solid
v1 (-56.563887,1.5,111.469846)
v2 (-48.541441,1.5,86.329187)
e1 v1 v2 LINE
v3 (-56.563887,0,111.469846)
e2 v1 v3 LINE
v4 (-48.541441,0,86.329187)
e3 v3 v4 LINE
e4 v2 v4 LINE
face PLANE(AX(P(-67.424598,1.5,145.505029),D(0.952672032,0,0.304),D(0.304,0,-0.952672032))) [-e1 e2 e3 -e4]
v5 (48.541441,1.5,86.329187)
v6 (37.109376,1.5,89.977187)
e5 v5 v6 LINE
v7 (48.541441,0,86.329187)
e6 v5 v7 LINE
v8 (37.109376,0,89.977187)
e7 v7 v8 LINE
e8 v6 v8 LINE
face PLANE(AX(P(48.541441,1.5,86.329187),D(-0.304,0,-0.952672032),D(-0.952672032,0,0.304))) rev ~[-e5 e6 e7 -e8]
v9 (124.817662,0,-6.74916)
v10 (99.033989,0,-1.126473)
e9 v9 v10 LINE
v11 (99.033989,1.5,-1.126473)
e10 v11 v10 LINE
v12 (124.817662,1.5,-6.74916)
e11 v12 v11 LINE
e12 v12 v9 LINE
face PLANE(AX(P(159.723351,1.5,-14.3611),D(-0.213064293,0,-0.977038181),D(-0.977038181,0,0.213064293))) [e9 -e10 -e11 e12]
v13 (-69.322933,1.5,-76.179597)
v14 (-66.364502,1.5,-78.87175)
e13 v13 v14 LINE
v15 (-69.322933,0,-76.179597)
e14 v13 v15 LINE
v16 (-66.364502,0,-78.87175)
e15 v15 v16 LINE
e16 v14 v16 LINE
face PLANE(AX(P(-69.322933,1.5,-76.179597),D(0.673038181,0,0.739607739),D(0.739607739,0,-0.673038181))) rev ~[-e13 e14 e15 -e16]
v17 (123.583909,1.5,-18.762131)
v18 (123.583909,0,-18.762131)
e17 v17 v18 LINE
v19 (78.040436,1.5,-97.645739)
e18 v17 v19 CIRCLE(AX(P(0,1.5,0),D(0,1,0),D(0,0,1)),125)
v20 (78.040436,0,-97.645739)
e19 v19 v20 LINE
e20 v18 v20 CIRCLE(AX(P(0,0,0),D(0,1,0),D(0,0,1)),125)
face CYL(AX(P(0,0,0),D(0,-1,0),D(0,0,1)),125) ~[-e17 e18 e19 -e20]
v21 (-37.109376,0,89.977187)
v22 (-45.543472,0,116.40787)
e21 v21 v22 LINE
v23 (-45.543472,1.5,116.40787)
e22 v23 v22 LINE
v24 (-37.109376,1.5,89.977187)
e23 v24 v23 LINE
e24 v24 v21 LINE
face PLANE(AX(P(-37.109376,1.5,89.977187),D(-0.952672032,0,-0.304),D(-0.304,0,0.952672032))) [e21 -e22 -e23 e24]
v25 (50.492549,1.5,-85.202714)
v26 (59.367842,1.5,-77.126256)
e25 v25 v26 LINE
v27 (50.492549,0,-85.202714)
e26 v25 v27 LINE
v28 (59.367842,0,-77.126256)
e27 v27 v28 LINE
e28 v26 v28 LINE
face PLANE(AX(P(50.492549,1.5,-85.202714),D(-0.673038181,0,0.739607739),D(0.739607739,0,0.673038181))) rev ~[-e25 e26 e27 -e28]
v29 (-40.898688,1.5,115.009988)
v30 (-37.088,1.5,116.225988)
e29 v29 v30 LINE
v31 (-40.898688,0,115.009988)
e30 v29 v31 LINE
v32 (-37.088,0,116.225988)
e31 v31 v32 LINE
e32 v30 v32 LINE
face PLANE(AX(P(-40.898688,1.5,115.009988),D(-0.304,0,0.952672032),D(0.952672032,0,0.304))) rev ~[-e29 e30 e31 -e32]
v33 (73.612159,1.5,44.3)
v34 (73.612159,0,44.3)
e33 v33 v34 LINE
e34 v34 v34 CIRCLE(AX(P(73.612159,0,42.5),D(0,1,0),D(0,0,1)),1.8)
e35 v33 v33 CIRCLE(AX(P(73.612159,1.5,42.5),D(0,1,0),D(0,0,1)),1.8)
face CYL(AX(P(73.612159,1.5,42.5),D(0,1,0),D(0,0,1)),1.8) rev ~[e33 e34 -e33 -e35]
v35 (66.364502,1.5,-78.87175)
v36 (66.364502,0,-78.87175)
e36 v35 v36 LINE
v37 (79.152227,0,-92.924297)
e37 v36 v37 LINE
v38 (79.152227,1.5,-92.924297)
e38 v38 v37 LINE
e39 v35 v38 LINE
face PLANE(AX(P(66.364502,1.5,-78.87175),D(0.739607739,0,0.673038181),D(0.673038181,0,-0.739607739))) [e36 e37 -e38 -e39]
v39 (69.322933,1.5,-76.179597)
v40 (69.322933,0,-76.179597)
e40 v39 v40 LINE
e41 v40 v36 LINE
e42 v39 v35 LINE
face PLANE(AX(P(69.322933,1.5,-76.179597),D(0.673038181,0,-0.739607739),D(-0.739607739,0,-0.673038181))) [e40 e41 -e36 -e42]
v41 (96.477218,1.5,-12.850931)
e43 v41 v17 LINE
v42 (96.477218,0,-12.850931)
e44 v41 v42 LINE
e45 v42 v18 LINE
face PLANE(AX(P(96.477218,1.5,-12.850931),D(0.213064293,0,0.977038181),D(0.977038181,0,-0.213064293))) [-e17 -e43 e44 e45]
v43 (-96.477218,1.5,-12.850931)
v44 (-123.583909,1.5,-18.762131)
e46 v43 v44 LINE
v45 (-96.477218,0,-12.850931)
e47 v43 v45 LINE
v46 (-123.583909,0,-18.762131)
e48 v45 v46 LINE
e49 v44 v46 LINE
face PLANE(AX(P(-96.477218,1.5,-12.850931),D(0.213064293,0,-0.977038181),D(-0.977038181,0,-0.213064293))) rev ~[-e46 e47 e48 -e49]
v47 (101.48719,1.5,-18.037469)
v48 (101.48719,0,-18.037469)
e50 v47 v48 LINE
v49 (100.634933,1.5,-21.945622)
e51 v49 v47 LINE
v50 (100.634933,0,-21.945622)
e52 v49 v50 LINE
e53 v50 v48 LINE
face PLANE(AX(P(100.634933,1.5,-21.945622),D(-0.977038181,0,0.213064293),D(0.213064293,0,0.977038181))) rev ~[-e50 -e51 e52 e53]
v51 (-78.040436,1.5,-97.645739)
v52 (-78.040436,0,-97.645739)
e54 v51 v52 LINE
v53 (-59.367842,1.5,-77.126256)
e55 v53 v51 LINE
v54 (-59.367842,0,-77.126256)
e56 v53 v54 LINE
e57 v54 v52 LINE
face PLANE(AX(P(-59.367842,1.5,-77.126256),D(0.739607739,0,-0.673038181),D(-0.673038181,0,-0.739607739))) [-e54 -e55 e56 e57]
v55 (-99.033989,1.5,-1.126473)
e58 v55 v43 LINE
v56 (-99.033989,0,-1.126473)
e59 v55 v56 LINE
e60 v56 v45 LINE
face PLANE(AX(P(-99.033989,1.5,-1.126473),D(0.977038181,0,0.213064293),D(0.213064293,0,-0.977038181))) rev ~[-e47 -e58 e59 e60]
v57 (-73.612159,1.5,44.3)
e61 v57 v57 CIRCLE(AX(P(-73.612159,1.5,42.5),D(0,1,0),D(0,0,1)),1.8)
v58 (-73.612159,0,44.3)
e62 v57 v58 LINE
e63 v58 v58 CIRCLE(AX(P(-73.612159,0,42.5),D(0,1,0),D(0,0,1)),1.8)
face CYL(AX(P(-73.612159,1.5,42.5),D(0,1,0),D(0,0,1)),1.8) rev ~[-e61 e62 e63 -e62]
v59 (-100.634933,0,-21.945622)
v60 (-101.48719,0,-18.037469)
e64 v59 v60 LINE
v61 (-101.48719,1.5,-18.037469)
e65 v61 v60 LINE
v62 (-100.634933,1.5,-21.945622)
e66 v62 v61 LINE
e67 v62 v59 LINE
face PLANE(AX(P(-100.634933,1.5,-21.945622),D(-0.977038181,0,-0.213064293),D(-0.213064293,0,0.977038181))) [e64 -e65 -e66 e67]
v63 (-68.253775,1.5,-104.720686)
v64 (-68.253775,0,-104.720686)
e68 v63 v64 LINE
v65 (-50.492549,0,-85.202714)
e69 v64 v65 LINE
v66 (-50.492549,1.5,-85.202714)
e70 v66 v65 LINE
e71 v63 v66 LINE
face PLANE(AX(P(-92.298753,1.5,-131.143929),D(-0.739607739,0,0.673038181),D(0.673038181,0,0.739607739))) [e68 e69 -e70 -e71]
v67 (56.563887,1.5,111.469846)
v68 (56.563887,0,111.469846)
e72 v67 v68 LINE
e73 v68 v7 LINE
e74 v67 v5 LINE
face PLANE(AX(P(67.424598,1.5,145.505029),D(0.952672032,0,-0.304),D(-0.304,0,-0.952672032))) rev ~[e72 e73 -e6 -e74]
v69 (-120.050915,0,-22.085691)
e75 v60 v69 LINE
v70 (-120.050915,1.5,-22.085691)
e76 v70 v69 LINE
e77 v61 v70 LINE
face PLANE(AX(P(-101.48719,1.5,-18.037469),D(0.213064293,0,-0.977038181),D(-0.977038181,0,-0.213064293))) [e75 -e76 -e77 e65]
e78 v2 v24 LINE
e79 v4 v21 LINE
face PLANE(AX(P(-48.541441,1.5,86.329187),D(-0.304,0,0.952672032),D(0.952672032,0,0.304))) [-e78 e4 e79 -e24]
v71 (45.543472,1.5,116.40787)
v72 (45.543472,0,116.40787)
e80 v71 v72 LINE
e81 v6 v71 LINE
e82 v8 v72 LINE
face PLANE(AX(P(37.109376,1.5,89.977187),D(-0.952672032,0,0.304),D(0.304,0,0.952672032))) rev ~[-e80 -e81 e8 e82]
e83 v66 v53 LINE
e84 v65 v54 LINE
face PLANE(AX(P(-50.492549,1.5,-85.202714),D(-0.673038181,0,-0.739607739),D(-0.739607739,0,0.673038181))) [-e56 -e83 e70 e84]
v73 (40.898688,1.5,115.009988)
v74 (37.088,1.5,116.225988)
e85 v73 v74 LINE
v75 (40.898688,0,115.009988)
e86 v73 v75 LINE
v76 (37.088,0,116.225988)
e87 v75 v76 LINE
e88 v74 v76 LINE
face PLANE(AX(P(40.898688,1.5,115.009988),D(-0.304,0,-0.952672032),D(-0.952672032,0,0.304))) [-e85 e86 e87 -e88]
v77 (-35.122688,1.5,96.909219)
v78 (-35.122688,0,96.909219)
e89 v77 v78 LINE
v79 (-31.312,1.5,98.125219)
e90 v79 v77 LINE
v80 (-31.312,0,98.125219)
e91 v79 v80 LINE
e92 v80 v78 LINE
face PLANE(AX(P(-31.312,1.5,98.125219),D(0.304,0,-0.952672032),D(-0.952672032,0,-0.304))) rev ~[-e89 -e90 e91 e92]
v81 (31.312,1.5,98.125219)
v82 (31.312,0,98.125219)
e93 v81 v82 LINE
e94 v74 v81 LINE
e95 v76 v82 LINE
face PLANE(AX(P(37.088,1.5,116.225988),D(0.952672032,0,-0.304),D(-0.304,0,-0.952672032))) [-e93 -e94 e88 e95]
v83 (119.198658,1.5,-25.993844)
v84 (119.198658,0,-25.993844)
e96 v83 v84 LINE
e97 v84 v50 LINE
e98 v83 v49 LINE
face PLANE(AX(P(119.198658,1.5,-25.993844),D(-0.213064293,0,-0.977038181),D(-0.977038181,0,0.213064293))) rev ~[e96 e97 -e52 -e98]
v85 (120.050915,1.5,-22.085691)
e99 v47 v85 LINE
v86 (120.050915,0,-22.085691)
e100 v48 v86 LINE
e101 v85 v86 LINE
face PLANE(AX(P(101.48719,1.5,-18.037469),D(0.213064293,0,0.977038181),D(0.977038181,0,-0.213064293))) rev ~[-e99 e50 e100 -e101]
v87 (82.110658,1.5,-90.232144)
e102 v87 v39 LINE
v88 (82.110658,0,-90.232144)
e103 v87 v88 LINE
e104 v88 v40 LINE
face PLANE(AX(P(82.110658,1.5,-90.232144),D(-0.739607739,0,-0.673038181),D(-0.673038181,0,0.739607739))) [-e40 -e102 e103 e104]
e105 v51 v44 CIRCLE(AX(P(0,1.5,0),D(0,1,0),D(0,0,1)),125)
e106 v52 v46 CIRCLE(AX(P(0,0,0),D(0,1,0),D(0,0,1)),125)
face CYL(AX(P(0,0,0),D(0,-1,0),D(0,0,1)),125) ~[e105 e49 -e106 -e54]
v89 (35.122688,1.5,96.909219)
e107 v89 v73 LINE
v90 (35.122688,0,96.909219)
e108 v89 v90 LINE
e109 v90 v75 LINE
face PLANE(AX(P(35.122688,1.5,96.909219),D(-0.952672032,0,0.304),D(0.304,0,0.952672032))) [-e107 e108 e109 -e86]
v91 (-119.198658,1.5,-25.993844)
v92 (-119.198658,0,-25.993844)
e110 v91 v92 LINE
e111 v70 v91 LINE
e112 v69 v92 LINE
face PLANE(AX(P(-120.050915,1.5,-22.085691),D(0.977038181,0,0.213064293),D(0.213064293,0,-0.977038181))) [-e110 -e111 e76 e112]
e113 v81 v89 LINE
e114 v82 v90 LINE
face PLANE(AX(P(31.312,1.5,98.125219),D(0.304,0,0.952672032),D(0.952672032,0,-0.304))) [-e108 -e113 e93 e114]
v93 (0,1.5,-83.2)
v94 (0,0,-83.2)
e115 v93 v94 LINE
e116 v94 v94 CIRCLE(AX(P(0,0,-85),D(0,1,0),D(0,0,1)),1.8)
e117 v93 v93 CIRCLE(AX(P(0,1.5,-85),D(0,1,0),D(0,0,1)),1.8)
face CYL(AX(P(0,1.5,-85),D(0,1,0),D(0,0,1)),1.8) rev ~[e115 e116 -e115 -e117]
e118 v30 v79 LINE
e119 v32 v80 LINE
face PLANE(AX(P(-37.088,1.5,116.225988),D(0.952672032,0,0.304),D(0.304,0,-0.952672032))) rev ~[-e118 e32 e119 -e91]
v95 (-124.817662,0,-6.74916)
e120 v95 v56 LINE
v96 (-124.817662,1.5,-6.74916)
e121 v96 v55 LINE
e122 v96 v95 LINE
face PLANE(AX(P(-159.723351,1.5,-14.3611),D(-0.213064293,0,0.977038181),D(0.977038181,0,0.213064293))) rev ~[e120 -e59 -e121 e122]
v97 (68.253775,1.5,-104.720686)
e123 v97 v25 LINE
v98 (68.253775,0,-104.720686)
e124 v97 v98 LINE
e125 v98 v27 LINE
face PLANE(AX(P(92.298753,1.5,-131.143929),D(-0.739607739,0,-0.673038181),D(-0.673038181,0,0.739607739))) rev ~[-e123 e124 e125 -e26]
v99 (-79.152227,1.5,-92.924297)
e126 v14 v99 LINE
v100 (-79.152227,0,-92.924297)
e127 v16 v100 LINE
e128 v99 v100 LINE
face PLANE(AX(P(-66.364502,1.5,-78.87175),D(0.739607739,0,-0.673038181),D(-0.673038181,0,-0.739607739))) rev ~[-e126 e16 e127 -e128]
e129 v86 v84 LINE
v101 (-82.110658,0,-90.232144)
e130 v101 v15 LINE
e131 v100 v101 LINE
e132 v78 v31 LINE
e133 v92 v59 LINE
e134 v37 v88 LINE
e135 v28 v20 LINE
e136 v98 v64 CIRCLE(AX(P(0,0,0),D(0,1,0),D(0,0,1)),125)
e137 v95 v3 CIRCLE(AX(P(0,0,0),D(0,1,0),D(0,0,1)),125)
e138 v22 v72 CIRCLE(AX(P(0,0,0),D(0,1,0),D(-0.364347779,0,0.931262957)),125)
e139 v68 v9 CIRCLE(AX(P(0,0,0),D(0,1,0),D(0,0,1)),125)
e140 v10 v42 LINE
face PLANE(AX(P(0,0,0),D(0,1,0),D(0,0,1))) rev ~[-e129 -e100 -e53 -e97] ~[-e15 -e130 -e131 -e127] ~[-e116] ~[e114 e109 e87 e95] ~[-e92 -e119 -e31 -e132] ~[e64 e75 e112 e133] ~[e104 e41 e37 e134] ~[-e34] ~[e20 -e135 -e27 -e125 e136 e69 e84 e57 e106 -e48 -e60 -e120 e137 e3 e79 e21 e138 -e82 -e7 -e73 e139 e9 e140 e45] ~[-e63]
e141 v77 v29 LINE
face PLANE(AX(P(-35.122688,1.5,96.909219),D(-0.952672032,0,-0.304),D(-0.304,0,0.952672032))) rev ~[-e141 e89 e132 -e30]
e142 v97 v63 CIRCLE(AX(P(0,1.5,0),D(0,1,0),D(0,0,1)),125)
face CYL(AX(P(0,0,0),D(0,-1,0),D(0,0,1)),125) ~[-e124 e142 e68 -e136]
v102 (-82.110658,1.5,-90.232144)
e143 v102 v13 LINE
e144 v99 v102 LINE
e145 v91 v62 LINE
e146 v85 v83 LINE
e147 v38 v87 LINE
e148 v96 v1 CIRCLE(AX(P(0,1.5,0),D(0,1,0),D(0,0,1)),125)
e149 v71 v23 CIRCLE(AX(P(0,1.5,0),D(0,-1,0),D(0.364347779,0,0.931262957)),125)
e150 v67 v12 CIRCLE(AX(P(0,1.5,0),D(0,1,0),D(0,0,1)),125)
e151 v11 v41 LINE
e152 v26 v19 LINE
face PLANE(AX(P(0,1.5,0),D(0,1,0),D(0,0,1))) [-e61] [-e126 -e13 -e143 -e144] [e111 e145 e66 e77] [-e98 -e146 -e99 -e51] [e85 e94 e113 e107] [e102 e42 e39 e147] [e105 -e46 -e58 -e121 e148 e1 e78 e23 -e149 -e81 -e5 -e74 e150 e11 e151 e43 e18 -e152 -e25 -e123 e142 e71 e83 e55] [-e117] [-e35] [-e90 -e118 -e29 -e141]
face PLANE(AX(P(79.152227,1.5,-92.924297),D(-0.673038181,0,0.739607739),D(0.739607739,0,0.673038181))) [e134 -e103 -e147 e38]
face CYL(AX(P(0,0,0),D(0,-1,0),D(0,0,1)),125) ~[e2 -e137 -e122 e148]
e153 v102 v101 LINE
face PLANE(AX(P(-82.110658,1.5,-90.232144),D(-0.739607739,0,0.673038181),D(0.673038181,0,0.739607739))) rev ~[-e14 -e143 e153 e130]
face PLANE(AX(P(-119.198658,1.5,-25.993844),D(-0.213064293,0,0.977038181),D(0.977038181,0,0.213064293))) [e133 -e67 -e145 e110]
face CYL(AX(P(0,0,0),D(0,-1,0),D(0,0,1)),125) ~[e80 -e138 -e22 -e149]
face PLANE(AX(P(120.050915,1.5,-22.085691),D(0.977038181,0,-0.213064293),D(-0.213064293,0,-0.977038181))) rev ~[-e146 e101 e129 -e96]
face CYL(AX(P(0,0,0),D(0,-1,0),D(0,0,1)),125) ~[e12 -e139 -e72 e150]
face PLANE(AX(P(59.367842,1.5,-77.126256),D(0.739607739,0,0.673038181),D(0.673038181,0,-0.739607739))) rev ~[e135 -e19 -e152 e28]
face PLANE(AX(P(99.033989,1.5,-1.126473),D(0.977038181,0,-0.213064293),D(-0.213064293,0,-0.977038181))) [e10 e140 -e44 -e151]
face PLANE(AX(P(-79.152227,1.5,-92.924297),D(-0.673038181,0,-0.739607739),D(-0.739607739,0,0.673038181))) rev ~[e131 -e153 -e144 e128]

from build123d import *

# Parameters (mm, degrees)
SKETCH2_R           = 125
BOSS_EXTRUDE1_DEPTH = 1.5
SKETCH3_W           = 3
SKETCH3_H           = 19
CUT_EXTRUDE1_DEPTH  = 177.783059143
SKETCH4_R           = 1.8
CUT_EXTRUDE2_DEPTH  = 177.783059143
CUT_EXTRUDE5_DEPTH  = 177.783059143
CIRPATTERN2_COUNT   = 3


with BuildPart() as part:
    # Sketch2 → Boss-Extrude1 (new body)
    with BuildSketch(Plane(origin=(0, 0, 0), x_dir=(1, 0, 0), z_dir=(0, 1, 0))):
        with Locations(Location((0, 0, 0), (0, 0, 270))):
            Circle(SKETCH2_R)
    extrude(amount=BOSS_EXTRUDE1_DEPTH)

    # Sketch3 → Cut-Extrude1 (cut, through all)
    with BuildSketch(Plane(origin=(0, 1.5, 0), x_dir=(1, 0, 0), z_dir=(0, 1, 0))):
        with Locations((-268.691654721, -368.173324402)):
            Rectangle(SKETCH3_W, SKETCH3_H)
        Polygon((31.312, -98.125219266), (35.122688127, -96.909219266), (40.898688127, -115.009987868), (37.088, -116.225987868), align=None)
        Polygon((-37.088, -116.225987868), (-31.312, -98.125219266), (-35.122688127, -96.909219266), (-40.898688127, -115.009987868), align=None)
        Polygon((-82.110658074, 90.23214411), (-69.322932636, 76.179597076), (-66.364501682, 78.8717498), (-79.15222712, 92.924296834), align=None)
        Polygon((-100.634932636, 21.94562219), (-101.487189809, 18.037469466), (-120.050915246, 22.085691035), (-119.198658074, 25.993843759), align=None)
        Polygon((119.198658074, 25.993843759), (100.634932636, 21.94562219), (101.487189809, 18.037469466), (120.050915246, 22.085691035), align=None)
        Polygon((69.322932636, 76.179597076), (66.364501682, 78.8717498), (79.15222712, 92.924296834), (82.110658074, 90.23214411), align=None)
    extrude(amount=-CUT_EXTRUDE1_DEPTH, mode=Mode.SUBTRACT)

    # Sketch4 → Cut-Extrude2 (cut, through all)
    with BuildSketch(Plane(origin=(0, 1.5, 0), x_dir=(1, 0, 0), z_dir=(0, 1, 0))):
        with Locations(Location((0, 85, 0), (0, 0, 270))):
            Circle(SKETCH4_R)
        with Locations(Location((73.612159322, -42.5, 0), (0, 0, 270))):
            Circle(SKETCH4_R)
        with Locations(Location((-73.612159322, -42.5, 0), (0, 0, 270))):
            Circle(SKETCH4_R)
    extrude(amount=-CUT_EXTRUDE2_DEPTH, mode=Mode.SUBTRACT)

    # Sketch6 → Cut-Extrude5 (cut, through all)
    with BuildSketch(Plane(origin=(0, 1.5, 0), x_dir=(1, 0, 0), z_dir=(0, 1, 0))):
        Polygon((-55.992533724, -149.153029157), (-67.424598105, -145.505029157), (-48.541440634, -86.329187076), (-37.109376254, -89.977187076), align=None)
        Polygon((67.424598105, -145.505029157), (48.541440634, -86.329187076), (37.109376254, -89.977187076), (55.992533724, -149.153029157), align=None)
    cut_extrude5 = extrude(amount=-CUT_EXTRUDE5_DEPTH, mode=Mode.SUBTRACT)

    # CirPattern2: Cut-Extrude5 ×3 about axis
    cirpattern2_axis = Axis((0, 0, 0), (0, 1, 0))
    for i in range(1, CIRPATTERN2_COUNT):
        add(cut_extrude5.rotate(cirpattern2_axis, i * 360 / CIRPATTERN2_COUNT), mode=Mode.SUBTRACT)


solid = part.part
